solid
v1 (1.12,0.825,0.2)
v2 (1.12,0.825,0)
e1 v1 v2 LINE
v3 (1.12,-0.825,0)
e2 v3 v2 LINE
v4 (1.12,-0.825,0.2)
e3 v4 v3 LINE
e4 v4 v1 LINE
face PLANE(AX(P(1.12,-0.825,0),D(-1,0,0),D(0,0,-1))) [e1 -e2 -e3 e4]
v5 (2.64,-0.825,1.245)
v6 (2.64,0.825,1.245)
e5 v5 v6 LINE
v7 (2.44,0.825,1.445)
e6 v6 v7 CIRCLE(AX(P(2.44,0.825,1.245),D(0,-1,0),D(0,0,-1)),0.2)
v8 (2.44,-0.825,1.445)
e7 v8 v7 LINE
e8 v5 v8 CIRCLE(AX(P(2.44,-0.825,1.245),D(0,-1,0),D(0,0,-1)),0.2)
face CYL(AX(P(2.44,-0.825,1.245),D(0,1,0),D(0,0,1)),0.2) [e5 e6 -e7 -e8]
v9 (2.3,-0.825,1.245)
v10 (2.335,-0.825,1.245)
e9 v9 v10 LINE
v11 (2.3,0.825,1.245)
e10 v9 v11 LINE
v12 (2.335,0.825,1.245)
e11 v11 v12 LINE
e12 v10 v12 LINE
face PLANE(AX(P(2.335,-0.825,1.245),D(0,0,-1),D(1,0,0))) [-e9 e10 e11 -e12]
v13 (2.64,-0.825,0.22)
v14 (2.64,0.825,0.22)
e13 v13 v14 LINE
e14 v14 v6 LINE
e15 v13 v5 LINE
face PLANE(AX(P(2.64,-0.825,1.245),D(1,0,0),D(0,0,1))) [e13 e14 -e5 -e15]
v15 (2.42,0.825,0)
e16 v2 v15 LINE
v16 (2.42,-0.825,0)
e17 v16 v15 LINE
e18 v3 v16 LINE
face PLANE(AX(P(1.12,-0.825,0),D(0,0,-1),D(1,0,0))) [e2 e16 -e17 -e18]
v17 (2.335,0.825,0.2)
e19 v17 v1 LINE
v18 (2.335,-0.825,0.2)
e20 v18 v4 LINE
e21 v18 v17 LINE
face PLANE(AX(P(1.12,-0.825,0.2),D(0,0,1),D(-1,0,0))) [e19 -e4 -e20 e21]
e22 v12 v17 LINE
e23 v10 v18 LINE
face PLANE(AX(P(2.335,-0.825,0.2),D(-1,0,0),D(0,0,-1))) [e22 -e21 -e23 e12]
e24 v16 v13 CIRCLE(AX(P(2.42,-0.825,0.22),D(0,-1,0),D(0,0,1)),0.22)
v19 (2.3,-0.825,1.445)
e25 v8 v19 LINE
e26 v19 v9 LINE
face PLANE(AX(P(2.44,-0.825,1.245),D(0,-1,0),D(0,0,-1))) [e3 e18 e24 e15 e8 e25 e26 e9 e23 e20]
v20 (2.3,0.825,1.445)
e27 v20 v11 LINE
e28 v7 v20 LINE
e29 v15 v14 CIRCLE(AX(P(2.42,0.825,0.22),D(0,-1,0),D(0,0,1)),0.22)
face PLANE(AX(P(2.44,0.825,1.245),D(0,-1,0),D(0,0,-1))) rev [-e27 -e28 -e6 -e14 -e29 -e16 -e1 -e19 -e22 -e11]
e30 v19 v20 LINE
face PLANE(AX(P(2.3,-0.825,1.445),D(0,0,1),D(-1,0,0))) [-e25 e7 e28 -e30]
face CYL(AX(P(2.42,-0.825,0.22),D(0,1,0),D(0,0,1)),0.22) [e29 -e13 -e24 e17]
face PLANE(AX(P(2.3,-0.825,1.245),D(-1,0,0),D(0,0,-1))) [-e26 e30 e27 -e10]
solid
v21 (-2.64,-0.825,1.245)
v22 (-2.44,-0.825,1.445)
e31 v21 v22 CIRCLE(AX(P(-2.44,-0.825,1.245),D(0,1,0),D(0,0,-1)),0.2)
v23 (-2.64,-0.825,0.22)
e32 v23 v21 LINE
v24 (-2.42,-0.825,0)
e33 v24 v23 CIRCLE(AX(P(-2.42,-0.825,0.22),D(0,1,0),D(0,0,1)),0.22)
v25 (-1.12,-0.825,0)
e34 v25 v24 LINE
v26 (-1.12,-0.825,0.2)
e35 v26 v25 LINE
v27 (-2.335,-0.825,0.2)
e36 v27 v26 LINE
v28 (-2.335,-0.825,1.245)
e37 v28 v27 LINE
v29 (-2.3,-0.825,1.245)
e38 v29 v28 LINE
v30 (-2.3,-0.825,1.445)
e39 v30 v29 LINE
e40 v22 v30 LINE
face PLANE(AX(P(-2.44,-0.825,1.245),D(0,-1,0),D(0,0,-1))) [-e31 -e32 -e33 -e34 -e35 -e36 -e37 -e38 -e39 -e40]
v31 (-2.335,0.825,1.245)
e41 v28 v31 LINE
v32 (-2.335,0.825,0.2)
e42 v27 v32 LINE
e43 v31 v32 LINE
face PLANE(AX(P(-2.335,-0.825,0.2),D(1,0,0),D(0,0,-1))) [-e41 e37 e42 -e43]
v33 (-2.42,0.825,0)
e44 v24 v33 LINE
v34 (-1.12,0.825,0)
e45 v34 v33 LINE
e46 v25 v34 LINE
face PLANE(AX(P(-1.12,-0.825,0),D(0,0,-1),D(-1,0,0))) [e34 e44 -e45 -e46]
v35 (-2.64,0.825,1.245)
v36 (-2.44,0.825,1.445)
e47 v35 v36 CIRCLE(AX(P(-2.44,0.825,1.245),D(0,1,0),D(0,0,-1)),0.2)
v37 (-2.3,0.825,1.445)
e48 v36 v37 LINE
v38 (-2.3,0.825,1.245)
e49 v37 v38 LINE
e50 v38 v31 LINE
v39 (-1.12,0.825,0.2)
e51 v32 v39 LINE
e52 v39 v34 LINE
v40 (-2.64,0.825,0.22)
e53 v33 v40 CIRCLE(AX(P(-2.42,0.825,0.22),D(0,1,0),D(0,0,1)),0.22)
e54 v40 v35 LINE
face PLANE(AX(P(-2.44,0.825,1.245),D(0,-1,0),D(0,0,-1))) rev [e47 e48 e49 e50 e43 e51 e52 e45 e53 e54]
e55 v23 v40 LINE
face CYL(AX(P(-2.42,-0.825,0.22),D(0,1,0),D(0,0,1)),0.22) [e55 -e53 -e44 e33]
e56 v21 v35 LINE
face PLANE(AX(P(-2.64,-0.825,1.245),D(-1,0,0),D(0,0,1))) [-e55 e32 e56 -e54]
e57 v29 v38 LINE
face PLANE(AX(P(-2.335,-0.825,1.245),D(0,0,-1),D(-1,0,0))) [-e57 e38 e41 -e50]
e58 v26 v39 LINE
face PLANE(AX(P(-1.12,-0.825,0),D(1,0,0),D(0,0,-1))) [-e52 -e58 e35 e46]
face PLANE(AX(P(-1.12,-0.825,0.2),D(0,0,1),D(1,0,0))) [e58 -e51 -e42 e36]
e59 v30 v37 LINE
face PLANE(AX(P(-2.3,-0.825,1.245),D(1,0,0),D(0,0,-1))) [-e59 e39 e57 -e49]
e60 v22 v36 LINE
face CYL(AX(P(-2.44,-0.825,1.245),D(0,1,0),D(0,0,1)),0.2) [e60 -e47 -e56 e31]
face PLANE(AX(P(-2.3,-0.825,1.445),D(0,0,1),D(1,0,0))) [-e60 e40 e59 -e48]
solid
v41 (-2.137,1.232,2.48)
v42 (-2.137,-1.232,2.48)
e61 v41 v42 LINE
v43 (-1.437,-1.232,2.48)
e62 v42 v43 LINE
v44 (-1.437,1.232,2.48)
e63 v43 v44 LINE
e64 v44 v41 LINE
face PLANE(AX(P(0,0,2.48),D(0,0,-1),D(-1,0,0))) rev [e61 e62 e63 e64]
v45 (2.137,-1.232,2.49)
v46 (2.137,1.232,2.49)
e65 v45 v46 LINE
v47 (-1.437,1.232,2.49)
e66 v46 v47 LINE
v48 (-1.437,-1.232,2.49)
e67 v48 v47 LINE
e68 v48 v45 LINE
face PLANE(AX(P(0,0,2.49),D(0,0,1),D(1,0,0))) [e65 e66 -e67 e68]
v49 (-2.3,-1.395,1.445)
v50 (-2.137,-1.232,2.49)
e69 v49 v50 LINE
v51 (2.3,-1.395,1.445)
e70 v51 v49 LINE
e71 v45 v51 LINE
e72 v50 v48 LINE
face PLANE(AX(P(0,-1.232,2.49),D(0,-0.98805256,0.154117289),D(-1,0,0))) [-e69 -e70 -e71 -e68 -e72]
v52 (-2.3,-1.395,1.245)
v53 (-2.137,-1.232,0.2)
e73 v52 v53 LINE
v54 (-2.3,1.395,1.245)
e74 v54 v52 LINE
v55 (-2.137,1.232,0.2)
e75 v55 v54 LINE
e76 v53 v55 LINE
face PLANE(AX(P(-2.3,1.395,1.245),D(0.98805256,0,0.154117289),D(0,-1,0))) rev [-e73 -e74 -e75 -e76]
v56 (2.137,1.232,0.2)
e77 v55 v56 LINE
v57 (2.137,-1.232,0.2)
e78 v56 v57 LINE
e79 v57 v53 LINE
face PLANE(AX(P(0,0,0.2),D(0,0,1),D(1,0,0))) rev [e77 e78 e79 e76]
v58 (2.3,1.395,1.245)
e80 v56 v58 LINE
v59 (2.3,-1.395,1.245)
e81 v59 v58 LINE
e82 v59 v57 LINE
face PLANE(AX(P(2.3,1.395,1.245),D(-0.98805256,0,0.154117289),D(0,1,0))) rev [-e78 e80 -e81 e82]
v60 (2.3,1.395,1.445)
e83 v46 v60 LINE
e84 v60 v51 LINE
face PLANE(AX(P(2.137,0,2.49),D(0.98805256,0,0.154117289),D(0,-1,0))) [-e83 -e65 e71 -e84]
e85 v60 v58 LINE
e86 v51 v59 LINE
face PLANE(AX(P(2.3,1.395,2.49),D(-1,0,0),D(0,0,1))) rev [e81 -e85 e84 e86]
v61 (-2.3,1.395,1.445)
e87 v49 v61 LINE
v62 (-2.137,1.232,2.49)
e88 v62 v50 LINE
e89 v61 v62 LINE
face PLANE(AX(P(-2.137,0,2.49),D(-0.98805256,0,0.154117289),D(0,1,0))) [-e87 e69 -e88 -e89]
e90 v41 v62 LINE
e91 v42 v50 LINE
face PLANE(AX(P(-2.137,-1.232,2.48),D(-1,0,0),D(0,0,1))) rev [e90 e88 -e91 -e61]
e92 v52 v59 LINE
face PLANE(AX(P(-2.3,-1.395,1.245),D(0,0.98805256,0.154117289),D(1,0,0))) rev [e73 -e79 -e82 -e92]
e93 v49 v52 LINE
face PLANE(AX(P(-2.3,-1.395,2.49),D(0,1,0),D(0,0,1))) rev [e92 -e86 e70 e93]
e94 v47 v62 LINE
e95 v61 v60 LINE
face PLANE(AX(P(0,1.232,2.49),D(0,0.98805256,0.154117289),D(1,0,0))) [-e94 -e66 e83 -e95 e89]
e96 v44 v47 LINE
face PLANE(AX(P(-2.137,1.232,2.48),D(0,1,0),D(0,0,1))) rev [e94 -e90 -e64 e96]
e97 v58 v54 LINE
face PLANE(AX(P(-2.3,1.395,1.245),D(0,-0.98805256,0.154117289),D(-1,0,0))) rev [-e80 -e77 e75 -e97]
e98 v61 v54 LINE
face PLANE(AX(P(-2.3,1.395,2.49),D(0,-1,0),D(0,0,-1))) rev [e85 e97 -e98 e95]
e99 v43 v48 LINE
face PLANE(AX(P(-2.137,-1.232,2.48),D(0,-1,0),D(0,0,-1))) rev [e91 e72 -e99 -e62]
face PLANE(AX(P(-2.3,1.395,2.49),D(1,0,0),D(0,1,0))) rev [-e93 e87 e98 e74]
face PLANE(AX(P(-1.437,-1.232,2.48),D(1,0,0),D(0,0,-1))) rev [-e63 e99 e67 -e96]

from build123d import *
from OCP.BRepFilletAPI import BRepFilletAPI_MakeChamfer

# Parameters (mm, degrees)
SKETCH_1_W           = 4.6
SKETCH_1_H           = 2.79
EXTRUDE_1_DEPTH      = 2.29
CHAMFER_1_SIZE       = 1.045
CHAMFER_1_SIZE2      = 0.163
CHAMFER_2_SIZE       = 0.163
CHAMFER_2_SIZE2      = 1.045
EXTRUDE_2_DEPTH      = 0.825
EXTRUDE_2_DEPTH_BACK = 0.825
SKETCH_3_W           = 0.7
SKETCH_3_H           = 2.464
CUT_EXTRUDE_1_DEPTH  = 0.01


with BuildPart() as part:
    # Эскиз1 → Бобышка-Вытянуть1 (new body)
    with BuildSketch(Plane.XY.offset(0.2)):
        Rectangle(SKETCH_1_W, SKETCH_1_H)
    extrude(amount=EXTRUDE_1_DEPTH)

    # Фаска1: one chamfer whose edges measure the first distance from different faces: ONE call of the kernel's chamfer builder (chamfer() names one face for all edges)
    chamfer_1_edges_1 = [part.edges().sort_by_distance(p)[0] for p in [
        (-2.3, 0, 2.49),
    ]]
    chamfer_1_side_1 = [part.faces().sort_by_distance(p)[0] for p in [
        (-2.3, 0, 1.345),
    ]]
    chamfer_1_edges_2 = [part.edges().sort_by_distance(p)[0] for p in [
        (0, -1.395, 2.49),
    ]]
    chamfer_1_side_2 = [part.faces().sort_by_distance(p)[0] for p in [
        (0, -1.395, 1.345),
    ]]
    chamfer_1_edges_3 = [part.edges().sort_by_distance(p)[0] for p in [
        (2.3, 0, 2.49),
    ]]
    chamfer_1_side_3 = [part.faces().sort_by_distance(p)[0] for p in [
        (2.3, 0, 1.345),
    ]]
    chamfer_1_edges_4 = [part.edges().sort_by_distance(p)[0] for p in [
        (0, 1.395, 2.49),
    ]]
    chamfer_1_side_4 = [part.faces().sort_by_distance(p)[0] for p in [
        (0, 1.395, 1.345),
    ]]
    chamfer_1 = BRepFilletAPI_MakeChamfer(part.part.solid().wrapped)
    for e in chamfer_1_edges_1:
        chamfer_1.Add(CHAMFER_1_SIZE, CHAMFER_1_SIZE2, e.wrapped, chamfer_1_side_1[0].wrapped)  # the first distance lies on this face
    for e in chamfer_1_edges_2:
        chamfer_1.Add(CHAMFER_1_SIZE, CHAMFER_1_SIZE2, e.wrapped, chamfer_1_side_2[0].wrapped)  # the first distance lies on this face
    for e in chamfer_1_edges_3:
        chamfer_1.Add(CHAMFER_1_SIZE, CHAMFER_1_SIZE2, e.wrapped, chamfer_1_side_3[0].wrapped)  # the first distance lies on this face
    for e in chamfer_1_edges_4:
        chamfer_1.Add(CHAMFER_1_SIZE, CHAMFER_1_SIZE2, e.wrapped, chamfer_1_side_4[0].wrapped)  # the first distance lies on this face
    add(Compound.cast(chamfer_1.Shape()), mode=Mode.REPLACE)

    # Фаска2
    chamfer_2_edges = [part.edges().sort_by_distance(p)[0] for p in [
        (0, -1.395, 0.2),
        (-2.3, 0, 0.2),
        (0, 1.395, 0.2),
        (2.3, 0, 0.2),
    ]]
    chamfer_2_side = [part.faces().sort_by_distance(p)[0] for p in [
        (0, 0, 0.2),
    ]]
    chamfer(chamfer_2_edges, length=CHAMFER_2_SIZE, length2=CHAMFER_2_SIZE2, reference=chamfer_2_side[0])

    # Эскиз3 → Вырез-Вытянуть1 (cut)
    with BuildSketch(Plane.XY.offset(2.49)):
        with Locations((-1.787, 0)):
            Rectangle(SKETCH_3_W, SKETCH_3_H)
    extrude(amount=-CUT_EXTRUDE_1_DEPTH, mode=Mode.SUBTRACT)


with BuildPart() as body_2:
    # Эскиз2 → Бобышка-Вытянуть2 (new, two sides: drawn at the far end of the back side and taken through both)
    with BuildSketch(Plane(origin=(0, 0, 0), x_dir=(1, 0, 0), z_dir=(0, 1, 0)).offset(-EXTRUDE_2_DEPTH_BACK)):
        with BuildLine():
            Line((-2.335, -0.2), (-2.335, -1.245))
            Line((-2.335, -1.245), (-2.3, -1.245))
            Line((-2.3, -1.245), (-2.3, -1.445))
            Line((-2.3, -1.445), (-2.44, -1.445))
            ThreePointArc((-2.44, -1.445), (-2.581421356, -1.386421356), (-2.64, -1.245))
            Line((-2.64, -1.245), (-2.64, -0.22))
            ThreePointArc((-2.64, -0.22), (-2.575563492, -0.064436508), (-2.42, 0))
            Line((-2.42, 0), (-1.12, 0))
            Line((-1.12, 0), (-1.12, -0.2))
            Line((-1.12, -0.2), (-2.335, -0.2))
        make_face()
    extrude(amount=EXTRUDE_2_DEPTH + EXTRUDE_2_DEPTH_BACK)


with BuildPart() as body_3:
    # Зеркальное отражение1: mirrored copy
    add(body_2.part.mirror(Plane(origin=(0, 0, 0), x_dir=(0, 0, 1), z_dir=(1, 0, 0))))


solid = Compound([part.part, body_2.part, body_3.part])
